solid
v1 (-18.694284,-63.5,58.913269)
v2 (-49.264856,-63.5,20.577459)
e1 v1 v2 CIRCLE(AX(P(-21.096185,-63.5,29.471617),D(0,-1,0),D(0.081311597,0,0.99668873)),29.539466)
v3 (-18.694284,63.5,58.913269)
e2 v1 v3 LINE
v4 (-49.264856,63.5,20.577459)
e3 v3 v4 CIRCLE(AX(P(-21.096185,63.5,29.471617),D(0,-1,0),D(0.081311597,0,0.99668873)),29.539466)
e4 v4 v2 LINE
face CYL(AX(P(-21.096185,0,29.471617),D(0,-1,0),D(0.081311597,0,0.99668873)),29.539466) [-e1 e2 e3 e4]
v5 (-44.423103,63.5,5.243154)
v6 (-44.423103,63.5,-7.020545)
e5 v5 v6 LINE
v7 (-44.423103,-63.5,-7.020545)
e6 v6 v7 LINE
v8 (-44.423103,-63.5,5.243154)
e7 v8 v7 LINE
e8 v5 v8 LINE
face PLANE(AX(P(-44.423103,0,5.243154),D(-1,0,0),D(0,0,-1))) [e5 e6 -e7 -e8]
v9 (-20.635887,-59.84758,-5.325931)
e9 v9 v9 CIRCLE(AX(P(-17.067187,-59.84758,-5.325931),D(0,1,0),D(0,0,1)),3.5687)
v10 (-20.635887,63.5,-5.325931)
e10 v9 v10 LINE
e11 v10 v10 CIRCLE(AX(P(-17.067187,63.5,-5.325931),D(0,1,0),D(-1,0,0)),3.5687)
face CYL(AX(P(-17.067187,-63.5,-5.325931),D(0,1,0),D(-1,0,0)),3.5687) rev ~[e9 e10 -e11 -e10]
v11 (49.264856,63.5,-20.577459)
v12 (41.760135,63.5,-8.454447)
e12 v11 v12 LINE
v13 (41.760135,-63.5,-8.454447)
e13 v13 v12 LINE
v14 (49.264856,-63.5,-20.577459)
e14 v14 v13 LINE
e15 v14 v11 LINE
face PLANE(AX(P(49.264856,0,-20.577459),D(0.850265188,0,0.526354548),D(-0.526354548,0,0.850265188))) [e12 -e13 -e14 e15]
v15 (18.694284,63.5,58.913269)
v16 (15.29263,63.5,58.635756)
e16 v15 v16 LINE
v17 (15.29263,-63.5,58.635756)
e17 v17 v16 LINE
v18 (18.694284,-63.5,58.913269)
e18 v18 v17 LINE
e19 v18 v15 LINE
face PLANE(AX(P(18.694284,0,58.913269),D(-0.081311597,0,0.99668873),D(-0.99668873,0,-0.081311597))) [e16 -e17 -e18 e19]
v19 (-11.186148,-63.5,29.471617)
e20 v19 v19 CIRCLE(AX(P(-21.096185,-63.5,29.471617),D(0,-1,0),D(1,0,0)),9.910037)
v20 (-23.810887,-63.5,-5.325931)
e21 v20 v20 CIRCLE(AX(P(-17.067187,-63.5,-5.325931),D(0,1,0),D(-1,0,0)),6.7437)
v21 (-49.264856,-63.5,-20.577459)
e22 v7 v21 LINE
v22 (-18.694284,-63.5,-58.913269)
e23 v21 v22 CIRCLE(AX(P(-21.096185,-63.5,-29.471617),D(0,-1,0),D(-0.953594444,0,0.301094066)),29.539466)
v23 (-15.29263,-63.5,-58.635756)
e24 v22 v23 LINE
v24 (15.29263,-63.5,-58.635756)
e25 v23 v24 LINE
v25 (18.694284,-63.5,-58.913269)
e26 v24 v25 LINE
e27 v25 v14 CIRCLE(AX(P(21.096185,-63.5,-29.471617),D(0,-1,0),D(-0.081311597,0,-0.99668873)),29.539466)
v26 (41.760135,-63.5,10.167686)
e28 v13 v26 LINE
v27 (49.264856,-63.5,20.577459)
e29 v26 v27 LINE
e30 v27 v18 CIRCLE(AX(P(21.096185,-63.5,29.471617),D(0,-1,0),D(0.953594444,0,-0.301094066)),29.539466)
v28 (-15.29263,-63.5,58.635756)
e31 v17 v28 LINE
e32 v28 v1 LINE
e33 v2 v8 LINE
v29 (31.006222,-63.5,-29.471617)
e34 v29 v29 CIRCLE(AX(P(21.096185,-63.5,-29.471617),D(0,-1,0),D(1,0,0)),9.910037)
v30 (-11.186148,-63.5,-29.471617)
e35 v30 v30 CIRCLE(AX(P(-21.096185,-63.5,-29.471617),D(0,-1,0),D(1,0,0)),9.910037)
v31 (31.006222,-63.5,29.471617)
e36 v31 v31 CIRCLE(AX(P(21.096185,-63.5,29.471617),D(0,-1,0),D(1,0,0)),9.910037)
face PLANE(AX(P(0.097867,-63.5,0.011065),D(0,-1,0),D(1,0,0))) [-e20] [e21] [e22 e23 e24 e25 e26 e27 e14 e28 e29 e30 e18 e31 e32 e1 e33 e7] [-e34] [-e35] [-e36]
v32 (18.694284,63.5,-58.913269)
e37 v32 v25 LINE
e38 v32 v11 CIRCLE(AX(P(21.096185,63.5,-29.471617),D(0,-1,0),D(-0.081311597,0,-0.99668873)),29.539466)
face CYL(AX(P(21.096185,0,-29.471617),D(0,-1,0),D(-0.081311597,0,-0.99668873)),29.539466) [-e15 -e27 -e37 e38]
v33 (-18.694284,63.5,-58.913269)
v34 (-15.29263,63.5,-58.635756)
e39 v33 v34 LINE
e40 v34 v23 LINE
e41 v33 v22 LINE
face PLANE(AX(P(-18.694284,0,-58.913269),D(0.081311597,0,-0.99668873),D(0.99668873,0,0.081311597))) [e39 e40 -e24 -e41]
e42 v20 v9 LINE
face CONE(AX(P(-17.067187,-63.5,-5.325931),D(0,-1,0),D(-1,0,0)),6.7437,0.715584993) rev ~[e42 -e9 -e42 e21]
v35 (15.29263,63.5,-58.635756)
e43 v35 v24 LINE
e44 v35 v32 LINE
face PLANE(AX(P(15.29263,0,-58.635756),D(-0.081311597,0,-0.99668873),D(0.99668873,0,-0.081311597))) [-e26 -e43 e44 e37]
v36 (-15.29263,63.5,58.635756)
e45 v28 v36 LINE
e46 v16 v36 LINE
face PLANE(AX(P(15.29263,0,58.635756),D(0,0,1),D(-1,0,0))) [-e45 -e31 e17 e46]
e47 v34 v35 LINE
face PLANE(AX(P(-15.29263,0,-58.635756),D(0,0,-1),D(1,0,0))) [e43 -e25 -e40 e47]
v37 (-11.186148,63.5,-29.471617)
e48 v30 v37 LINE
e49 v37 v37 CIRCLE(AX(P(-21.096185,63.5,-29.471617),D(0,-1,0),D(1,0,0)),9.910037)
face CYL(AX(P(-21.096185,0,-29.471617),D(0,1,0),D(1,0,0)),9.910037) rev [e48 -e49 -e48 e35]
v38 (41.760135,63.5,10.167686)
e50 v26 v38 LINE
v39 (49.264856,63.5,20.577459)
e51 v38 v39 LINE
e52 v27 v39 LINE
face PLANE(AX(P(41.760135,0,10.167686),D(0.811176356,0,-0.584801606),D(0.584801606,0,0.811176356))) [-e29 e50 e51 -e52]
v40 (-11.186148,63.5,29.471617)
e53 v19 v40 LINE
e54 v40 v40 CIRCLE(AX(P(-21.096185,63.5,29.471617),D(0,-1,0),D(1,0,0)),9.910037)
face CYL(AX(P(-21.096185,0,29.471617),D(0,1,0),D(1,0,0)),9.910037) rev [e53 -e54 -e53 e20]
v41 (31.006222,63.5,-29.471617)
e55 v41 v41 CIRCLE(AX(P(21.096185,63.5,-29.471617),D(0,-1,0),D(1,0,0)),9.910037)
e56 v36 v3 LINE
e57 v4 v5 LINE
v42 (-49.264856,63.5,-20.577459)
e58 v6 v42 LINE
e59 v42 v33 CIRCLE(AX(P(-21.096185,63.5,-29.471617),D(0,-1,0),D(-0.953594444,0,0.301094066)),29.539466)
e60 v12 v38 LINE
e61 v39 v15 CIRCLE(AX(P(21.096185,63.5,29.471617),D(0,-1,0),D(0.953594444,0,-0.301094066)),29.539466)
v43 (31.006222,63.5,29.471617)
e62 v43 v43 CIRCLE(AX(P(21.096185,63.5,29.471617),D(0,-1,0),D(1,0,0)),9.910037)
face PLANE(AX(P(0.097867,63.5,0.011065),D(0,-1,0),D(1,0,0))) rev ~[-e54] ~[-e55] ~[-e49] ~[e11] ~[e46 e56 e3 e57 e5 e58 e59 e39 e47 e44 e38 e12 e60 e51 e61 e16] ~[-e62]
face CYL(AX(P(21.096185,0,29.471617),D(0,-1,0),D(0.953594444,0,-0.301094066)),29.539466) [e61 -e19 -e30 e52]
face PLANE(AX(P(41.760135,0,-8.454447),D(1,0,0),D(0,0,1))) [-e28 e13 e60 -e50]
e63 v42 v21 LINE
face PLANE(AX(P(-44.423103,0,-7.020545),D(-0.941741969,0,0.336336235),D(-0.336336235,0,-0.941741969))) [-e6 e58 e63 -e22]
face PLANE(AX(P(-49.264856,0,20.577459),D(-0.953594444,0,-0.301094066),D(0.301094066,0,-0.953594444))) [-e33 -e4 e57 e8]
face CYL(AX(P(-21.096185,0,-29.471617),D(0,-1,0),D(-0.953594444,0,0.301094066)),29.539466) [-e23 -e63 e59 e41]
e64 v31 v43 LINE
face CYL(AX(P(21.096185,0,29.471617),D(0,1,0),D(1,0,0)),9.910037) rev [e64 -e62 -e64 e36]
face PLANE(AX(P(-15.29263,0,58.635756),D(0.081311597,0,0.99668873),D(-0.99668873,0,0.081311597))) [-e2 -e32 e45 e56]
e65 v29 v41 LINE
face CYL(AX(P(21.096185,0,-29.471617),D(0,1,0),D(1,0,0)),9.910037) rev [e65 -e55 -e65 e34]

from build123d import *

# Parameters (mm, degrees)
F0_R           = 9.9100368187
F1_DEPTH       = 63.5
F3_D           = 7.1374
F3_CSINK_D     = 13.4874
F3_CSINK_ANGLE = 82


with BuildPart() as f1:
    # F0 (on Front) → F1 (new body, symmetric)
    with BuildSketch(Plane.XZ):
        with BuildLine():
            ThreePointArc((-18.6942840369, 58.9132692288), (-44.1914269778, 47.8887240341), (-49.2648556828, 20.5774586648))
            Line((-49.2648556828, 20.5774586648), (-44.4231033325, 5.2431539955))
            Line((-44.4231033325, 5.2431539955), (-44.4231033325, -7.0205447264))
            Line((-44.4231033325, -7.0205447264), (-49.2648556828, -20.5774586648))
            ThreePointArc((-49.2648556828, -20.5774586648), (-44.1914269778, -47.8887240341), (-18.6942840369, -58.9132692288))
            Line((-18.6942840369, -58.9132692288), (-15.292629838, -58.6357563734))
            Line((-15.292629838, -58.6357563734), (0, -58.6357563734))
            Line((0, -58.6357563734), (15.292629838, -58.6357563734))
            Line((15.292629838, -58.6357563734), (18.6942840369, -58.9132692288))
            ThreePointArc((18.6942840369, -58.9132692288), (44.1914269778, -47.8887240341), (49.2648556828, -20.5774586648))
            Line((49.2648556828, -20.5774586648), (41.760135442, -8.4544469095))
            Line((41.760135442, -8.4544469095), (41.760135442, 10.1676862687))
            Line((41.760135442, 10.1676862687), (49.2648556828, 20.5774586648))
            ThreePointArc((49.2648556828, 20.5774586648), (44.1914269778, 47.8887240341), (18.6942840369, 58.9132692288))
            Line((18.6942840369, 58.9132692288), (15.292629838, 58.6357563734))
            Line((15.292629838, 58.6357563734), (0, 58.6357563734))
            Line((0, 58.6357563734), (-15.292629838, 58.6357563734))
            Line((-15.292629838, 58.6357563734), (-18.6942840369, 58.9132692288))
        make_face()
        with Locations((-21.0961851794, -29.4716165388)):
            Circle(F0_R, mode=Mode.SUBTRACT)
        with Locations((21.0961851794, -29.4716165388)):
            Circle(F0_R, mode=Mode.SUBTRACT)
        with Locations((-21.0961851794, 29.4716165388)):
            Circle(F0_R, mode=Mode.SUBTRACT)
        with Locations((21.0961851794, 29.4716165388)):
            Circle(F0_R, mode=Mode.SUBTRACT)
    extrude(amount=F1_DEPTH, both=True)

    # F3 (through all)
    with Locations(Plane.XZ.offset(63.5)):
        with Locations((-17.0671865344, -5.3259306587)):
            CounterSinkHole(F3_D / 2, F3_CSINK_D / 2, counter_sink_angle=F3_CSINK_ANGLE)


solid = f1.part
